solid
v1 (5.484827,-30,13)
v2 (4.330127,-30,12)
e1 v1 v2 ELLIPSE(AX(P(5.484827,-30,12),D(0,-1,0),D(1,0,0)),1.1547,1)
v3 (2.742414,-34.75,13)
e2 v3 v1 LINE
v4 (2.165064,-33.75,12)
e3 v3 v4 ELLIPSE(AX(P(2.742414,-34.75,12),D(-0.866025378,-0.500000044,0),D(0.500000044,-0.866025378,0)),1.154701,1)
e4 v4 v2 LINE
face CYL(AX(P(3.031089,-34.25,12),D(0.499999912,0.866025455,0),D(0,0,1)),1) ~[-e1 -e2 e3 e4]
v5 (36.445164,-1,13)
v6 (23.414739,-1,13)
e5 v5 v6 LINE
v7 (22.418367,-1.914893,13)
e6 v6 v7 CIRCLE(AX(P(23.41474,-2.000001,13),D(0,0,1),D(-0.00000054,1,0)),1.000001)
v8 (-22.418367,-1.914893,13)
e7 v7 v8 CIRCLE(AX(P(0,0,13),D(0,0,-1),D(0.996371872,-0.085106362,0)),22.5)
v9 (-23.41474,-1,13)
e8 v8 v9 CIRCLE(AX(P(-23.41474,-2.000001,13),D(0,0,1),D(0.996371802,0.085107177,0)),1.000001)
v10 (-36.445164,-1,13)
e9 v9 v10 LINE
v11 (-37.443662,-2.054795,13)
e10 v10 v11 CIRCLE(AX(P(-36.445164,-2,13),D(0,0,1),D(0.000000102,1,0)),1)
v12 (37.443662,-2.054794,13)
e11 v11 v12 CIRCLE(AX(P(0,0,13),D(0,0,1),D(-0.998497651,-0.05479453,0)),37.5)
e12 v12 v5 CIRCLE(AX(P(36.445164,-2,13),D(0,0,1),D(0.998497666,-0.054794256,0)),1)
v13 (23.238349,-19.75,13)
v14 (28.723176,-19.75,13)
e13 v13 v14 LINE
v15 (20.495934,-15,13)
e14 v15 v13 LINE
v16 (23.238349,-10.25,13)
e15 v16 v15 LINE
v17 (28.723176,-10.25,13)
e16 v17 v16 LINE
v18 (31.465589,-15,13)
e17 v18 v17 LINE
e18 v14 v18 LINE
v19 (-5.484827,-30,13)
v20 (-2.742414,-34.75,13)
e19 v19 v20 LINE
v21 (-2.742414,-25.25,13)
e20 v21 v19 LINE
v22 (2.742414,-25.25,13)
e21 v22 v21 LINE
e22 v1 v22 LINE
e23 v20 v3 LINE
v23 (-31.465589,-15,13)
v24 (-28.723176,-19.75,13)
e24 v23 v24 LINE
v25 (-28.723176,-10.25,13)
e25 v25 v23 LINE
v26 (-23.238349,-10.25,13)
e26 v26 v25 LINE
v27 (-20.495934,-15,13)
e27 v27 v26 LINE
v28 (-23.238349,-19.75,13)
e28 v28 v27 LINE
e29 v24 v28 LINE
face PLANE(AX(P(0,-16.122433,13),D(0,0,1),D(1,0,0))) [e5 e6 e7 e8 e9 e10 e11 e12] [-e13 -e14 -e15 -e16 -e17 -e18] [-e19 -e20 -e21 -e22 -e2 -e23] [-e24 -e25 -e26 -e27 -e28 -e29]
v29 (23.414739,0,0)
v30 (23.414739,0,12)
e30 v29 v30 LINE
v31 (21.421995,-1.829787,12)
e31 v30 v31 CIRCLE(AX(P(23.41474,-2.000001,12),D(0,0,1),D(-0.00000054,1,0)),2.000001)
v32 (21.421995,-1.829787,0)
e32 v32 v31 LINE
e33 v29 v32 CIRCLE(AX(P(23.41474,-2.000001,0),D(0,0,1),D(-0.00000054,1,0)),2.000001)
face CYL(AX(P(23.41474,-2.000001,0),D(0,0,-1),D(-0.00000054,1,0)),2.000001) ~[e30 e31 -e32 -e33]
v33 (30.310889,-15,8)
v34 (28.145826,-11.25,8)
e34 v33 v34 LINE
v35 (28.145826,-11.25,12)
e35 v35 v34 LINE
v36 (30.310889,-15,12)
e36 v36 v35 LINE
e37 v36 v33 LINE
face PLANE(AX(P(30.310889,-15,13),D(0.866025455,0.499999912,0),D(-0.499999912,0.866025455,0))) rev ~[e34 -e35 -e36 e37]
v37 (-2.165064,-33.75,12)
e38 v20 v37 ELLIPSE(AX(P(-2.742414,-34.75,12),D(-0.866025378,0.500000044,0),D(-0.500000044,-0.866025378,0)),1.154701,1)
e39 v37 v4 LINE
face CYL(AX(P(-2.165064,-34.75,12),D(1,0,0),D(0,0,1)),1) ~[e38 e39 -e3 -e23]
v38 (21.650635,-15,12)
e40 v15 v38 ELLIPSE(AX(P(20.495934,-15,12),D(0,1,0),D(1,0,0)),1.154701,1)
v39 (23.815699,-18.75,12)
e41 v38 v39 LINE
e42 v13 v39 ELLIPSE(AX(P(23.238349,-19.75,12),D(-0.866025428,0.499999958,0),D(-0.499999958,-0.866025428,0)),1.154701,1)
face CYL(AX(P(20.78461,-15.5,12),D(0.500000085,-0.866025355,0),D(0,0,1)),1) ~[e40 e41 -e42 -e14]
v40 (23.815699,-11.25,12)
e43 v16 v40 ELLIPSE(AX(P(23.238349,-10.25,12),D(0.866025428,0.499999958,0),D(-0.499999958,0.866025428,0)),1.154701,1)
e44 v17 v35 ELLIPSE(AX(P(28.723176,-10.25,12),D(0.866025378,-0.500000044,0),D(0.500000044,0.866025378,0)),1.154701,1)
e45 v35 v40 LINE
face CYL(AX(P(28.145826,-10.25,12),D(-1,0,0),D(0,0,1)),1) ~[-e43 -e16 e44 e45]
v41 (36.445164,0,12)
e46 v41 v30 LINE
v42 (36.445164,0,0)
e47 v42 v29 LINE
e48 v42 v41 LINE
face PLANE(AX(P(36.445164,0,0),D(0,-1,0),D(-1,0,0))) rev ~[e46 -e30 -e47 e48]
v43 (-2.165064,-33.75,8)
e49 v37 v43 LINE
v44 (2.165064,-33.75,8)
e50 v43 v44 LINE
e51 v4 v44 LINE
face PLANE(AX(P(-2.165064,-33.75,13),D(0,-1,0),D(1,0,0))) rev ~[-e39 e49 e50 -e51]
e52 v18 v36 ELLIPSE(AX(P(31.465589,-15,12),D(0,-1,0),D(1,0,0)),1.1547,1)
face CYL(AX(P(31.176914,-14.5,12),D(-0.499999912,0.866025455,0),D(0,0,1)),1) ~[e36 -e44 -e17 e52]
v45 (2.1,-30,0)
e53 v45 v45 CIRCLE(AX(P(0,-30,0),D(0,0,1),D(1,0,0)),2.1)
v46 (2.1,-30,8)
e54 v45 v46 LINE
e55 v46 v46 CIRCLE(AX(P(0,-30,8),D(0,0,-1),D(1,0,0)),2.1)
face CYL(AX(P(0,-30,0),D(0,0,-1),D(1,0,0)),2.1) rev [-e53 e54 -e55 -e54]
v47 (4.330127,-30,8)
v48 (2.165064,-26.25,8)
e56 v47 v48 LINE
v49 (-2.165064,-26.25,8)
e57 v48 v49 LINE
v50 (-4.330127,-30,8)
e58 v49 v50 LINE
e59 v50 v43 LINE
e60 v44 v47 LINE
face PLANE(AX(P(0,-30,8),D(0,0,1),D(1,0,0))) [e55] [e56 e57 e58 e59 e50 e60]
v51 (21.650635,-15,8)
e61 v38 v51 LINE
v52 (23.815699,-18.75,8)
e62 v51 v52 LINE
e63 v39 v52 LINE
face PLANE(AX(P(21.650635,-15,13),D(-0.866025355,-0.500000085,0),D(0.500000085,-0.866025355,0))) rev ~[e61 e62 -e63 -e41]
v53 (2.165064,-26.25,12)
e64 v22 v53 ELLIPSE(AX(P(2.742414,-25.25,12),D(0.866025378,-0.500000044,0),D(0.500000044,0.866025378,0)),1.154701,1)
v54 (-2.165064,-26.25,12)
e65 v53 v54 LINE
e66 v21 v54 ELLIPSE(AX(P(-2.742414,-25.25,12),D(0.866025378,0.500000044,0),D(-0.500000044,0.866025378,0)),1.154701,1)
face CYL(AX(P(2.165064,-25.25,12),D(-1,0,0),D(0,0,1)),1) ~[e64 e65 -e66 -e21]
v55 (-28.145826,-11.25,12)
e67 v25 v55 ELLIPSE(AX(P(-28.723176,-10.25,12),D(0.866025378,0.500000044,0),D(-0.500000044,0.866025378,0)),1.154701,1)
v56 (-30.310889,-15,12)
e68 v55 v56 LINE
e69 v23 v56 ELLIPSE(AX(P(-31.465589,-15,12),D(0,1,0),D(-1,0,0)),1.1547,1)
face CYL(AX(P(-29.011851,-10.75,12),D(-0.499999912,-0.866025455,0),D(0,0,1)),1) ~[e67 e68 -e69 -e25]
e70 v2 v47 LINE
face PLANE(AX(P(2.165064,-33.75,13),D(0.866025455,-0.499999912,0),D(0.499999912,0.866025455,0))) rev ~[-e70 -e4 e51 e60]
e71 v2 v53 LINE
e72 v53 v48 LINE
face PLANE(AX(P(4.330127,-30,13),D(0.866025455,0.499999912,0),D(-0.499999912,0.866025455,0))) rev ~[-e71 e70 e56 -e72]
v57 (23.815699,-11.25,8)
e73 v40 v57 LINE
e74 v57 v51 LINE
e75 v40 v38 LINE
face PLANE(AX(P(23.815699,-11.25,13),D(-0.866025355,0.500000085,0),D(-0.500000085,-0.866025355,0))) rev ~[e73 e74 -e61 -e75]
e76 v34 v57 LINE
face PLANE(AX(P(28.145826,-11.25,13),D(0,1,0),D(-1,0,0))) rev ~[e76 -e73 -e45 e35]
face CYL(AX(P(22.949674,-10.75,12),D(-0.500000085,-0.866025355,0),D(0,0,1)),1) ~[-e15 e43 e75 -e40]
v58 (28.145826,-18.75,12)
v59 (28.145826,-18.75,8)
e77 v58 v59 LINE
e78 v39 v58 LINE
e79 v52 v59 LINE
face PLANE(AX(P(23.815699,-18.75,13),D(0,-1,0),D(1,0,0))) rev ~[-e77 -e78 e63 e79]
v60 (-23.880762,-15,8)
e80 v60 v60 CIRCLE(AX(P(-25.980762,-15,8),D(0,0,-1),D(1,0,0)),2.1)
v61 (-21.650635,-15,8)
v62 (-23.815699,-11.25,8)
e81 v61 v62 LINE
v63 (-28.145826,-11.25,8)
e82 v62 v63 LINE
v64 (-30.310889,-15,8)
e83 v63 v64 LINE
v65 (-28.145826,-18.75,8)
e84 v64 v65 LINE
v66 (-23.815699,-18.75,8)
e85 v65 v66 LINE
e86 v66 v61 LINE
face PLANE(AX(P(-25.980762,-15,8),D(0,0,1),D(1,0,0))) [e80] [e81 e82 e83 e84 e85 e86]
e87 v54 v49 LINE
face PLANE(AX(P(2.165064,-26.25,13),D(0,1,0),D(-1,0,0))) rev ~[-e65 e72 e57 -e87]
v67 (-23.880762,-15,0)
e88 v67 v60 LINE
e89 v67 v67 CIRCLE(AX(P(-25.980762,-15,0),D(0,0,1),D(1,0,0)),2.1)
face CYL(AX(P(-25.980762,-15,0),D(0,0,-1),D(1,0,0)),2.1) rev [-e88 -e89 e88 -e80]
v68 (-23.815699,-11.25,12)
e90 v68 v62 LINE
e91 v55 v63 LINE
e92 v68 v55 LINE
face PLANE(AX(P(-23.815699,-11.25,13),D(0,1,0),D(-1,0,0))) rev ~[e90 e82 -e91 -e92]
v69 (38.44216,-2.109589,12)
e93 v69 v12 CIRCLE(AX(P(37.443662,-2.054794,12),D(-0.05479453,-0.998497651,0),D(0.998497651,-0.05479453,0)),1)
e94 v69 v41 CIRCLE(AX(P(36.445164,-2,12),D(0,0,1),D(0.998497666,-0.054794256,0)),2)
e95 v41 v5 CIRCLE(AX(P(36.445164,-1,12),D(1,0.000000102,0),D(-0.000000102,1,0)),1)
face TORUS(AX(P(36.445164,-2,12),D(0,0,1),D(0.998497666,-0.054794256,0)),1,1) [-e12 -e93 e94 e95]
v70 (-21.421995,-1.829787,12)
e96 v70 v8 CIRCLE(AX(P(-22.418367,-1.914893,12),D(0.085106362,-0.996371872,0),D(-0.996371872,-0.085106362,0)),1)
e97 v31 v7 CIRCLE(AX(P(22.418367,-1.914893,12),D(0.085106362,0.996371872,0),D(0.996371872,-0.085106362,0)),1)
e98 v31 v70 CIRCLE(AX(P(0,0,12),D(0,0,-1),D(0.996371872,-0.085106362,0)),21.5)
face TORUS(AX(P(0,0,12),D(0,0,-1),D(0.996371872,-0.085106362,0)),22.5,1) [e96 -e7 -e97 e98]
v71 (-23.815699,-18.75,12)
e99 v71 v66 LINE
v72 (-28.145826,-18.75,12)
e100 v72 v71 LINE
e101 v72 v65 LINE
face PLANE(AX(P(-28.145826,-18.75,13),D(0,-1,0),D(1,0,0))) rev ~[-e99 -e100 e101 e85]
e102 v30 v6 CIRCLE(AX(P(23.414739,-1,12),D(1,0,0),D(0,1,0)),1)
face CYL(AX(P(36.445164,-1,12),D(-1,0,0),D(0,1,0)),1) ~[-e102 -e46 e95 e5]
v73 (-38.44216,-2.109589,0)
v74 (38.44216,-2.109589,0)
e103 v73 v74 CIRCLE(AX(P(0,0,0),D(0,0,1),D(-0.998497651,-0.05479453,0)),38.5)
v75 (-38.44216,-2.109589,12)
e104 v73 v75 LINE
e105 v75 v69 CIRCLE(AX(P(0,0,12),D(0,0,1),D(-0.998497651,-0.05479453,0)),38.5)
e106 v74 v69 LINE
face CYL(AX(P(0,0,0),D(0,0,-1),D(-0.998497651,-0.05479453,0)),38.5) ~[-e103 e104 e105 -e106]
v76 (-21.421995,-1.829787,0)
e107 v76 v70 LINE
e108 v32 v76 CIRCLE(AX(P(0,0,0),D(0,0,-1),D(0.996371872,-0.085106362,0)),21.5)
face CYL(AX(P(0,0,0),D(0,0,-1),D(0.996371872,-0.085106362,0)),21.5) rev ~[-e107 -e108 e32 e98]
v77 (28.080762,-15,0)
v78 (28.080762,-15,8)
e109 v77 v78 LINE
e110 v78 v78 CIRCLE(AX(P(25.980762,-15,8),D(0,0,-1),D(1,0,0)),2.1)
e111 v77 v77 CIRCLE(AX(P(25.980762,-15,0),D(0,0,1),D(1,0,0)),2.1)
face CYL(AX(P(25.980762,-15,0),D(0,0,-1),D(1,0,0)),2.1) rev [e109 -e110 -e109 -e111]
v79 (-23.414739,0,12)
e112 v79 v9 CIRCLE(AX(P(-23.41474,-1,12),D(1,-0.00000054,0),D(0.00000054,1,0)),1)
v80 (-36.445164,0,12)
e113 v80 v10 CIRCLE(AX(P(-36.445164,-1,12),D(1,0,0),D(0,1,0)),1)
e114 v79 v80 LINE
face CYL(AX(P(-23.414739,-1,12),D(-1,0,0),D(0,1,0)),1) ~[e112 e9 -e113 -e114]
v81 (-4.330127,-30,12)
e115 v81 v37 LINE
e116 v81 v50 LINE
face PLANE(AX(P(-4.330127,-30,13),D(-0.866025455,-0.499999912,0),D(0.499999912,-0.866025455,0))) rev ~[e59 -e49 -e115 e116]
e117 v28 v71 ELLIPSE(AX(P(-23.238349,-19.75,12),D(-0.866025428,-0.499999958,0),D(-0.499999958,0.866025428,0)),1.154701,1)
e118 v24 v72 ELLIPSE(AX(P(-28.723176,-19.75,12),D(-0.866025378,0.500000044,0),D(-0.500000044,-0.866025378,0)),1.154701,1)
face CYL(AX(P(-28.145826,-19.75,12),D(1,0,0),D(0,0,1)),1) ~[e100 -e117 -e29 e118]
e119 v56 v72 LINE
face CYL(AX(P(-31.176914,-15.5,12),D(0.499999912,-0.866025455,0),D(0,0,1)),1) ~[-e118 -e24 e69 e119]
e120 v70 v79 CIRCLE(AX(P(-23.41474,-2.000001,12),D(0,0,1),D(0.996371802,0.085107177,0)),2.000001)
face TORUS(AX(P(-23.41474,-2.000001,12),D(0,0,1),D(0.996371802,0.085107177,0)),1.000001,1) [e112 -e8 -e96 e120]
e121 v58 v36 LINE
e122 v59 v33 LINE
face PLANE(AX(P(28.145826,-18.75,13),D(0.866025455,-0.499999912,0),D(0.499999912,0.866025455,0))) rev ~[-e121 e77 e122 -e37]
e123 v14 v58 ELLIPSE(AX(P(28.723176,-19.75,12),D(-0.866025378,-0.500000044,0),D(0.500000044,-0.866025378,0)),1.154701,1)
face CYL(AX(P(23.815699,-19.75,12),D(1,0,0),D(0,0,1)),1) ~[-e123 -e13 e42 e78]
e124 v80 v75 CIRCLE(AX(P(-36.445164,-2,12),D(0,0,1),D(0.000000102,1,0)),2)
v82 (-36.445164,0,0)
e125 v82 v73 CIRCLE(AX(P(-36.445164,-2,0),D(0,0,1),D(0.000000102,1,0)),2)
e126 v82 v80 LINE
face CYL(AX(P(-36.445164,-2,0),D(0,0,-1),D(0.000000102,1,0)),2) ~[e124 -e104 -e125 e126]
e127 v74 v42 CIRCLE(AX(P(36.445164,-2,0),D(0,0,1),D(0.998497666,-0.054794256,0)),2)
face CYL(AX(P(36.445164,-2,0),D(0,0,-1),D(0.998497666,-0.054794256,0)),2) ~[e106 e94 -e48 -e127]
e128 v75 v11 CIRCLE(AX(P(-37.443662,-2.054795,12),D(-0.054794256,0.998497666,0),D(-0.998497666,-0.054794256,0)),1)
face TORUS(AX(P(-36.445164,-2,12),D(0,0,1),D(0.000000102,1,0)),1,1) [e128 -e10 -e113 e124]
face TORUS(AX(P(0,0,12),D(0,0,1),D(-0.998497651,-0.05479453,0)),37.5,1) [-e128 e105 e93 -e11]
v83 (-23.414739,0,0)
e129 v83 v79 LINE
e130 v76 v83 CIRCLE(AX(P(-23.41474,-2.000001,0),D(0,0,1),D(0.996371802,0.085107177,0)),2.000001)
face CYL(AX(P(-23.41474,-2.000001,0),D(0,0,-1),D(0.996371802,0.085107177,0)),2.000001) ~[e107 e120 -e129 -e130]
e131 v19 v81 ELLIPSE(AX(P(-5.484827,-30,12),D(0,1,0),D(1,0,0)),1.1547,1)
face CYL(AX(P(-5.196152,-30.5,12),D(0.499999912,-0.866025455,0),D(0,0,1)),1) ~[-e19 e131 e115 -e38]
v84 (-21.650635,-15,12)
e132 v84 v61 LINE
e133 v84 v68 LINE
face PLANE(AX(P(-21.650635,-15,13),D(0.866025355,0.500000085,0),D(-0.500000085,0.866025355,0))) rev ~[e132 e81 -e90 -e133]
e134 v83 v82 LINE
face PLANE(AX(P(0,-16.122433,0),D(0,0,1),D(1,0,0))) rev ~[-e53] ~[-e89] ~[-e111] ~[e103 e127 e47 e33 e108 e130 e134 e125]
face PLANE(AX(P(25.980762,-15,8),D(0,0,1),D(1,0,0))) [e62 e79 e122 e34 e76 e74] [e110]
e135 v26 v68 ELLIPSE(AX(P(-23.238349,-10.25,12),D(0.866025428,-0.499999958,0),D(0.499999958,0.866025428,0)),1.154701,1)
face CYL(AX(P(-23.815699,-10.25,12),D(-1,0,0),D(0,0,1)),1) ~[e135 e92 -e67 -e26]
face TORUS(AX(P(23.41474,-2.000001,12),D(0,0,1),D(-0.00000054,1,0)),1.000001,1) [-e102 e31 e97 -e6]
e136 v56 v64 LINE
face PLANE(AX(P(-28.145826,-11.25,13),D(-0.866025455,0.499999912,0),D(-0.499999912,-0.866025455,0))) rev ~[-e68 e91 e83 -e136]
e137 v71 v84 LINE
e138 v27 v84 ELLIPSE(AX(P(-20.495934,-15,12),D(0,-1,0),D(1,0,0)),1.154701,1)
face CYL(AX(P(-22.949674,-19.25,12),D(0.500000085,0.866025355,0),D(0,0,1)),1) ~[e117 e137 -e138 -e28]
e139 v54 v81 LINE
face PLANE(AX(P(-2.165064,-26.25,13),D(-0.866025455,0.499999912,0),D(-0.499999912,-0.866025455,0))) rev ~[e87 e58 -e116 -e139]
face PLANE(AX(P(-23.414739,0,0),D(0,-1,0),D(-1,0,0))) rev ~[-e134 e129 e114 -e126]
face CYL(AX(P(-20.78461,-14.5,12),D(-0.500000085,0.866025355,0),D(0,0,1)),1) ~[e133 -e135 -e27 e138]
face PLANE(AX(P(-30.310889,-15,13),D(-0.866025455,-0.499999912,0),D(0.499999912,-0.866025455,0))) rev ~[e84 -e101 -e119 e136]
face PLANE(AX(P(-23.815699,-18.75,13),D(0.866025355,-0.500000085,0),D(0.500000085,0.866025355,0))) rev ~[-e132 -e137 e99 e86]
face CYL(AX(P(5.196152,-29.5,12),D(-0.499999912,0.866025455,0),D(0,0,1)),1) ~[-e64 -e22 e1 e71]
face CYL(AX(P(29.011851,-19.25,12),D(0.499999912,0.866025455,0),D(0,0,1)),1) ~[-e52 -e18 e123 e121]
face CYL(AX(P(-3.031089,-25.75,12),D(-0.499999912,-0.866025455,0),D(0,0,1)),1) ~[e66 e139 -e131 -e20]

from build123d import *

# Parameters (mm, degrees)
F1_DEPTH = 13
F2_R     = 2.1
F3_DEPTH = 13.001
F5_DEPTH = 5
F6_R     = 1


with BuildPart() as f1:
    # F0 (on Top) → F1 (new body)
    with BuildSketch(Plane.XY):
        with BuildLine():
            ThreePointArc((21.421995, -1.829787), (0, -21.5), (-21.421995, -1.829787))
            ThreePointArc((-21.421995, -1.829787), (-22.062043, -0.526836), (-23.414739, 0))
            Line((-23.414739, 0), (-36.445164, 0))
            ThreePointArc((-36.445164, 0), (-37.897607, -0.625078), (-38.44216, -2.109589))
            ThreePointArc((-38.44216, -2.109589), (0, -38.5), (38.44216, -2.109589))
            ThreePointArc((38.44216, -2.109589), (37.897607, -0.625078), (36.445164, 0))
            Line((36.445164, 0), (23.414739, 0))
            ThreePointArc((23.414739, 0), (22.062043, -0.526836), (21.421995, -1.829787))
        make_face()
    extrude(amount=F1_DEPTH)

    # F2 (on face) → F3 (cut, through all)
    with BuildSketch(Plane.XY):
        with Locations((-25.980762, -15)):
            Circle(F2_R)
        with Locations((0, -30)):
            Circle(F2_R)
        with Locations((25.980762, -15)):
            Circle(F2_R)
    extrude(amount=F3_DEPTH, mode=Mode.SUBTRACT)

    # F4 (on face) → F5 (cut)
    with BuildSketch(Plane.XY.offset(13)):
        Polygon((-23.815699, -18.75), (-21.650635, -15), (-23.815699, -11.25), (-28.145826, -11.25), (-30.310889, -15), (-28.145826, -18.75), align=None)
        Polygon((-2.165064, -33.75), (2.165064, -33.75), (4.330127, -30), (2.165064, -26.25), (-2.165064, -26.25), (-4.330127, -30), align=None)
        Polygon((23.815699, -18.75), (28.145826, -18.75), (30.310889, -15), (28.145826, -11.25), (23.815699, -11.25), (21.650635, -15), align=None)
    extrude(amount=-F5_DEPTH, mode=Mode.SUBTRACT)

    # F6
    f6_edges = [f1.edges().sort_by_distance(p)[0] for p in [
        (0, -21.5, 13),
        (22.062043, -0.526836, 13),
        (-22.062043, -0.526836, 13),
        (29.929952, 0, 13),
        (-29.929952, 0, 13),
        (37.897607, -0.625078, 13),
        (-37.897607, -0.625078, 13),
        (0, -38.5, 13),
        (-3.247595, -31.875, 13),
        (0, -33.75, 13),
        (3.247595, -31.875, 13),
        (3.247595, -28.125, 13),
        (0, -26.25, 13),
        (-3.247595, -28.125, 13),
        (-22.733167, -16.875, 13),
        (-22.733167, -13.125, 13),
        (-25.980762, -11.25, 13),
        (-29.228357, -13.125, 13),
        (-29.228357, -16.875, 13),
        (-25.980762, -18.75, 13),
        (22.733167, -16.875, 13),
        (25.980762, -18.75, 13),
        (29.228357, -16.875, 13),
        (29.228357, -13.125, 13),
        (25.980762, -11.25, 13),
        (22.733167, -13.125, 13),
    ]]
    fillet(f6_edges, radius=F6_R)


solid = f1.part
